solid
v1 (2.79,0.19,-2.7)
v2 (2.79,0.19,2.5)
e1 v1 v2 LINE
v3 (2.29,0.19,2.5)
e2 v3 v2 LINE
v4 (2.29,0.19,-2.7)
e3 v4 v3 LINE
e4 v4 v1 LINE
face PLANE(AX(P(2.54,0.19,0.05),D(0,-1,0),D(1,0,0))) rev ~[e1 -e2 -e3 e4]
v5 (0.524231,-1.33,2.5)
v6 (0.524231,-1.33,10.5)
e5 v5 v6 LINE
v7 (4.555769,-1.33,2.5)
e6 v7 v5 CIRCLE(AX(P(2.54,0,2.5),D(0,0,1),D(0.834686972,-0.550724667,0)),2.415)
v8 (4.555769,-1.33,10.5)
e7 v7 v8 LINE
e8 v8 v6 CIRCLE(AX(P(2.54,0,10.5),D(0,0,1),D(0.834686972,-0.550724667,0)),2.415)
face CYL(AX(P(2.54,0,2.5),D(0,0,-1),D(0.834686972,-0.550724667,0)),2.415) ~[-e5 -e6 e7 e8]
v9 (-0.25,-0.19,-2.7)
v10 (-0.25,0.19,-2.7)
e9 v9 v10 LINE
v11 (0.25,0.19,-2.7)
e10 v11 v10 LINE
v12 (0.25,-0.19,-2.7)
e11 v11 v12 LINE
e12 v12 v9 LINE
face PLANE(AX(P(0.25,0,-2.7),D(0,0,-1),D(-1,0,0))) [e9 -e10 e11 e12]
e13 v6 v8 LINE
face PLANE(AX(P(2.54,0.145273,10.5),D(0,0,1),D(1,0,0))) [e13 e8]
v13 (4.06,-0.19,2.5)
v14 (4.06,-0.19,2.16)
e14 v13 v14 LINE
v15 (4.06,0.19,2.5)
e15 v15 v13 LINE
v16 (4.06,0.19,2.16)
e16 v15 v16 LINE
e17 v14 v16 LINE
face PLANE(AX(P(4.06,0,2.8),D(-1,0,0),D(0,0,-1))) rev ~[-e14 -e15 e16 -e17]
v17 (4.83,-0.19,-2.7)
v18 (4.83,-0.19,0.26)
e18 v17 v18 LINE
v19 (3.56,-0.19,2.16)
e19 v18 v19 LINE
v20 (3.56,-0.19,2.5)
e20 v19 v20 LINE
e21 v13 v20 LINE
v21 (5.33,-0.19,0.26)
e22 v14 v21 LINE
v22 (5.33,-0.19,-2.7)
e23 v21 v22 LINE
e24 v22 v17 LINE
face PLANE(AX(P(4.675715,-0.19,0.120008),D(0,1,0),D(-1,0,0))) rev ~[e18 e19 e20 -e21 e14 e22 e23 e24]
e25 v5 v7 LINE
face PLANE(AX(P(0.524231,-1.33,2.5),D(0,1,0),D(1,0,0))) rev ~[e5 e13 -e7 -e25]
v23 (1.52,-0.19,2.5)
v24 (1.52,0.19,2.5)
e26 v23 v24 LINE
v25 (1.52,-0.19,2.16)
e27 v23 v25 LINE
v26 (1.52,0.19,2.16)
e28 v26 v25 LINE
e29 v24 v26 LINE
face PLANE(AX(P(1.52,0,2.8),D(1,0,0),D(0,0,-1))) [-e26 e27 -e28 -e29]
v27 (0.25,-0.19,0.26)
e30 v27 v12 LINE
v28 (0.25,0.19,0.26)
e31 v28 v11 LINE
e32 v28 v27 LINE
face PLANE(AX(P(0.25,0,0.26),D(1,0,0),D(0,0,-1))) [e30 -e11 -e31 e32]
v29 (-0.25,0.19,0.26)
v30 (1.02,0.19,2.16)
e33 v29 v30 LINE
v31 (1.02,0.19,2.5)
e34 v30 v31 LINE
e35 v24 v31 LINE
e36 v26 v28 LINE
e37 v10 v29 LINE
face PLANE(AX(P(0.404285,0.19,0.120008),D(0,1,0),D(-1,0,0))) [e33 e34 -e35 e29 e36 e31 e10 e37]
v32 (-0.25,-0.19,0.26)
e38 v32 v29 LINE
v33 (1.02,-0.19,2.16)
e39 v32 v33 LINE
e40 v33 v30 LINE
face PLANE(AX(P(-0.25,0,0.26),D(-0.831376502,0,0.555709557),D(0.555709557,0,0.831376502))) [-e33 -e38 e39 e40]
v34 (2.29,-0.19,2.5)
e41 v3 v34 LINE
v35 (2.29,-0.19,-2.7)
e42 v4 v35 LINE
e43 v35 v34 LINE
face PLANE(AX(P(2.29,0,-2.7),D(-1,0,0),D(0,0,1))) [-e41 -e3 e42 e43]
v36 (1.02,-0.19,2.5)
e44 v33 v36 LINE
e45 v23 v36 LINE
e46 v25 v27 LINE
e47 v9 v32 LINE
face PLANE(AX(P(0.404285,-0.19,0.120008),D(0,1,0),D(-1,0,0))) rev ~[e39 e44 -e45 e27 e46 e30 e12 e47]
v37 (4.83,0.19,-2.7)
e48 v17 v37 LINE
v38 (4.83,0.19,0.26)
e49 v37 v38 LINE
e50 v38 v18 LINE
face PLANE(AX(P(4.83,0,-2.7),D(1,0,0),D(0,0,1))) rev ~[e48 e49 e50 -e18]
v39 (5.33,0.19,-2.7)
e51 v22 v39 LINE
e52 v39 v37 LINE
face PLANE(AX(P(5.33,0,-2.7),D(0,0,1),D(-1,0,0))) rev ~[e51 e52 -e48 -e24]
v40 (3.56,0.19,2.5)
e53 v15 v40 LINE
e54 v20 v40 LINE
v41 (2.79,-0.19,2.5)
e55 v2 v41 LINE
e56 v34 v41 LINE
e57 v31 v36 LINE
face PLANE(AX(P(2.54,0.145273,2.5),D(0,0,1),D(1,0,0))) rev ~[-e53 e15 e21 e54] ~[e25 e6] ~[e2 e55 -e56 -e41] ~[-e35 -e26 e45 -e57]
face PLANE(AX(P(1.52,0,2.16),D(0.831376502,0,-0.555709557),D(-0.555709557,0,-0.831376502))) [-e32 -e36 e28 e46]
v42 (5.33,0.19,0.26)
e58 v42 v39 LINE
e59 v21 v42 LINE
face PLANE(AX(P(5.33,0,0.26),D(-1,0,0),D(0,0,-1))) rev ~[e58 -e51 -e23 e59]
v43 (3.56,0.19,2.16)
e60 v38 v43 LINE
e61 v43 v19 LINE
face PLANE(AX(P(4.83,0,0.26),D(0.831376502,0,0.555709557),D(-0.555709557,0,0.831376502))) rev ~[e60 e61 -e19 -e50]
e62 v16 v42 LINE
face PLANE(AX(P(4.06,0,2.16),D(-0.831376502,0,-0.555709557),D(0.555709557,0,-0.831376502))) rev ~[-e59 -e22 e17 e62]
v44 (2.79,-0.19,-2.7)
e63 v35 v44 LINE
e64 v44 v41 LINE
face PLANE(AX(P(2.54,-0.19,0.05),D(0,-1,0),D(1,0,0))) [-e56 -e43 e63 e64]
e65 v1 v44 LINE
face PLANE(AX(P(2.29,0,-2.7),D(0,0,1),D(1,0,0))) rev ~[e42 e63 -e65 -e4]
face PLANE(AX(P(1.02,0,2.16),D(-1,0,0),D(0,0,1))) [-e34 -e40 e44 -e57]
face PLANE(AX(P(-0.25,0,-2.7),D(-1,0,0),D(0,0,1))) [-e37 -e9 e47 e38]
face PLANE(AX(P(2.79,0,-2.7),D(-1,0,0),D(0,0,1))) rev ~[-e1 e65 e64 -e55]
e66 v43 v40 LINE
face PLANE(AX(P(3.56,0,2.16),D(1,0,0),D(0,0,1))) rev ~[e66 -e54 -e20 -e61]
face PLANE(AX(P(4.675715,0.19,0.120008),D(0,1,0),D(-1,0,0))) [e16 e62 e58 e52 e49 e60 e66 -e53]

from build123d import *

# Parameters (mm, degrees)
SKETCH001_W  = 0.5
SKETCH001_H  = 5.5
PAD001_DEPTH = 0.19
PAD_DEPTH    = 8


with BuildPart() as pad001:
    # Sketch001 → Pad001 (new body, symmetric)
    with BuildSketch(Plane.XZ):
        with Locations((2.54, 0.05)):
            Rectangle(SKETCH001_W, SKETCH001_H)
        Polygon((0.25, -2.7), (-0.25, -2.7), (-0.25, 0.26), (1.02, 2.16), (1.02, 2.8), (1.52, 2.8), (1.52, 2.16), (0.25, 0.26), align=None)
        Polygon((3.56, 2.8), (4.06, 2.8), (4.06, 2.16), (5.33, 0.26), (5.33, -2.7), (4.83, -2.7), (4.83, 0.26), (3.56, 2.16), align=None)
    extrude(amount=PAD001_DEPTH, both=True)


with BuildPart() as to_92l_inline_wide:
    # Sketch → Pad (new body)
    with BuildSketch(Plane.XY.offset(2.5)):
        with BuildLine():
            Line((0.524231, -1.33), (4.555769, -1.33))
            ThreePointArc((4.555769, -1.33), (2.54, 2.415), (0.524231, -1.33))
        make_face()
    extrude(amount=PAD_DEPTH)

    # Pad_mp_cp: union Pad001
    add(pad001.part)


solid = to_92l_inline_wide.part
